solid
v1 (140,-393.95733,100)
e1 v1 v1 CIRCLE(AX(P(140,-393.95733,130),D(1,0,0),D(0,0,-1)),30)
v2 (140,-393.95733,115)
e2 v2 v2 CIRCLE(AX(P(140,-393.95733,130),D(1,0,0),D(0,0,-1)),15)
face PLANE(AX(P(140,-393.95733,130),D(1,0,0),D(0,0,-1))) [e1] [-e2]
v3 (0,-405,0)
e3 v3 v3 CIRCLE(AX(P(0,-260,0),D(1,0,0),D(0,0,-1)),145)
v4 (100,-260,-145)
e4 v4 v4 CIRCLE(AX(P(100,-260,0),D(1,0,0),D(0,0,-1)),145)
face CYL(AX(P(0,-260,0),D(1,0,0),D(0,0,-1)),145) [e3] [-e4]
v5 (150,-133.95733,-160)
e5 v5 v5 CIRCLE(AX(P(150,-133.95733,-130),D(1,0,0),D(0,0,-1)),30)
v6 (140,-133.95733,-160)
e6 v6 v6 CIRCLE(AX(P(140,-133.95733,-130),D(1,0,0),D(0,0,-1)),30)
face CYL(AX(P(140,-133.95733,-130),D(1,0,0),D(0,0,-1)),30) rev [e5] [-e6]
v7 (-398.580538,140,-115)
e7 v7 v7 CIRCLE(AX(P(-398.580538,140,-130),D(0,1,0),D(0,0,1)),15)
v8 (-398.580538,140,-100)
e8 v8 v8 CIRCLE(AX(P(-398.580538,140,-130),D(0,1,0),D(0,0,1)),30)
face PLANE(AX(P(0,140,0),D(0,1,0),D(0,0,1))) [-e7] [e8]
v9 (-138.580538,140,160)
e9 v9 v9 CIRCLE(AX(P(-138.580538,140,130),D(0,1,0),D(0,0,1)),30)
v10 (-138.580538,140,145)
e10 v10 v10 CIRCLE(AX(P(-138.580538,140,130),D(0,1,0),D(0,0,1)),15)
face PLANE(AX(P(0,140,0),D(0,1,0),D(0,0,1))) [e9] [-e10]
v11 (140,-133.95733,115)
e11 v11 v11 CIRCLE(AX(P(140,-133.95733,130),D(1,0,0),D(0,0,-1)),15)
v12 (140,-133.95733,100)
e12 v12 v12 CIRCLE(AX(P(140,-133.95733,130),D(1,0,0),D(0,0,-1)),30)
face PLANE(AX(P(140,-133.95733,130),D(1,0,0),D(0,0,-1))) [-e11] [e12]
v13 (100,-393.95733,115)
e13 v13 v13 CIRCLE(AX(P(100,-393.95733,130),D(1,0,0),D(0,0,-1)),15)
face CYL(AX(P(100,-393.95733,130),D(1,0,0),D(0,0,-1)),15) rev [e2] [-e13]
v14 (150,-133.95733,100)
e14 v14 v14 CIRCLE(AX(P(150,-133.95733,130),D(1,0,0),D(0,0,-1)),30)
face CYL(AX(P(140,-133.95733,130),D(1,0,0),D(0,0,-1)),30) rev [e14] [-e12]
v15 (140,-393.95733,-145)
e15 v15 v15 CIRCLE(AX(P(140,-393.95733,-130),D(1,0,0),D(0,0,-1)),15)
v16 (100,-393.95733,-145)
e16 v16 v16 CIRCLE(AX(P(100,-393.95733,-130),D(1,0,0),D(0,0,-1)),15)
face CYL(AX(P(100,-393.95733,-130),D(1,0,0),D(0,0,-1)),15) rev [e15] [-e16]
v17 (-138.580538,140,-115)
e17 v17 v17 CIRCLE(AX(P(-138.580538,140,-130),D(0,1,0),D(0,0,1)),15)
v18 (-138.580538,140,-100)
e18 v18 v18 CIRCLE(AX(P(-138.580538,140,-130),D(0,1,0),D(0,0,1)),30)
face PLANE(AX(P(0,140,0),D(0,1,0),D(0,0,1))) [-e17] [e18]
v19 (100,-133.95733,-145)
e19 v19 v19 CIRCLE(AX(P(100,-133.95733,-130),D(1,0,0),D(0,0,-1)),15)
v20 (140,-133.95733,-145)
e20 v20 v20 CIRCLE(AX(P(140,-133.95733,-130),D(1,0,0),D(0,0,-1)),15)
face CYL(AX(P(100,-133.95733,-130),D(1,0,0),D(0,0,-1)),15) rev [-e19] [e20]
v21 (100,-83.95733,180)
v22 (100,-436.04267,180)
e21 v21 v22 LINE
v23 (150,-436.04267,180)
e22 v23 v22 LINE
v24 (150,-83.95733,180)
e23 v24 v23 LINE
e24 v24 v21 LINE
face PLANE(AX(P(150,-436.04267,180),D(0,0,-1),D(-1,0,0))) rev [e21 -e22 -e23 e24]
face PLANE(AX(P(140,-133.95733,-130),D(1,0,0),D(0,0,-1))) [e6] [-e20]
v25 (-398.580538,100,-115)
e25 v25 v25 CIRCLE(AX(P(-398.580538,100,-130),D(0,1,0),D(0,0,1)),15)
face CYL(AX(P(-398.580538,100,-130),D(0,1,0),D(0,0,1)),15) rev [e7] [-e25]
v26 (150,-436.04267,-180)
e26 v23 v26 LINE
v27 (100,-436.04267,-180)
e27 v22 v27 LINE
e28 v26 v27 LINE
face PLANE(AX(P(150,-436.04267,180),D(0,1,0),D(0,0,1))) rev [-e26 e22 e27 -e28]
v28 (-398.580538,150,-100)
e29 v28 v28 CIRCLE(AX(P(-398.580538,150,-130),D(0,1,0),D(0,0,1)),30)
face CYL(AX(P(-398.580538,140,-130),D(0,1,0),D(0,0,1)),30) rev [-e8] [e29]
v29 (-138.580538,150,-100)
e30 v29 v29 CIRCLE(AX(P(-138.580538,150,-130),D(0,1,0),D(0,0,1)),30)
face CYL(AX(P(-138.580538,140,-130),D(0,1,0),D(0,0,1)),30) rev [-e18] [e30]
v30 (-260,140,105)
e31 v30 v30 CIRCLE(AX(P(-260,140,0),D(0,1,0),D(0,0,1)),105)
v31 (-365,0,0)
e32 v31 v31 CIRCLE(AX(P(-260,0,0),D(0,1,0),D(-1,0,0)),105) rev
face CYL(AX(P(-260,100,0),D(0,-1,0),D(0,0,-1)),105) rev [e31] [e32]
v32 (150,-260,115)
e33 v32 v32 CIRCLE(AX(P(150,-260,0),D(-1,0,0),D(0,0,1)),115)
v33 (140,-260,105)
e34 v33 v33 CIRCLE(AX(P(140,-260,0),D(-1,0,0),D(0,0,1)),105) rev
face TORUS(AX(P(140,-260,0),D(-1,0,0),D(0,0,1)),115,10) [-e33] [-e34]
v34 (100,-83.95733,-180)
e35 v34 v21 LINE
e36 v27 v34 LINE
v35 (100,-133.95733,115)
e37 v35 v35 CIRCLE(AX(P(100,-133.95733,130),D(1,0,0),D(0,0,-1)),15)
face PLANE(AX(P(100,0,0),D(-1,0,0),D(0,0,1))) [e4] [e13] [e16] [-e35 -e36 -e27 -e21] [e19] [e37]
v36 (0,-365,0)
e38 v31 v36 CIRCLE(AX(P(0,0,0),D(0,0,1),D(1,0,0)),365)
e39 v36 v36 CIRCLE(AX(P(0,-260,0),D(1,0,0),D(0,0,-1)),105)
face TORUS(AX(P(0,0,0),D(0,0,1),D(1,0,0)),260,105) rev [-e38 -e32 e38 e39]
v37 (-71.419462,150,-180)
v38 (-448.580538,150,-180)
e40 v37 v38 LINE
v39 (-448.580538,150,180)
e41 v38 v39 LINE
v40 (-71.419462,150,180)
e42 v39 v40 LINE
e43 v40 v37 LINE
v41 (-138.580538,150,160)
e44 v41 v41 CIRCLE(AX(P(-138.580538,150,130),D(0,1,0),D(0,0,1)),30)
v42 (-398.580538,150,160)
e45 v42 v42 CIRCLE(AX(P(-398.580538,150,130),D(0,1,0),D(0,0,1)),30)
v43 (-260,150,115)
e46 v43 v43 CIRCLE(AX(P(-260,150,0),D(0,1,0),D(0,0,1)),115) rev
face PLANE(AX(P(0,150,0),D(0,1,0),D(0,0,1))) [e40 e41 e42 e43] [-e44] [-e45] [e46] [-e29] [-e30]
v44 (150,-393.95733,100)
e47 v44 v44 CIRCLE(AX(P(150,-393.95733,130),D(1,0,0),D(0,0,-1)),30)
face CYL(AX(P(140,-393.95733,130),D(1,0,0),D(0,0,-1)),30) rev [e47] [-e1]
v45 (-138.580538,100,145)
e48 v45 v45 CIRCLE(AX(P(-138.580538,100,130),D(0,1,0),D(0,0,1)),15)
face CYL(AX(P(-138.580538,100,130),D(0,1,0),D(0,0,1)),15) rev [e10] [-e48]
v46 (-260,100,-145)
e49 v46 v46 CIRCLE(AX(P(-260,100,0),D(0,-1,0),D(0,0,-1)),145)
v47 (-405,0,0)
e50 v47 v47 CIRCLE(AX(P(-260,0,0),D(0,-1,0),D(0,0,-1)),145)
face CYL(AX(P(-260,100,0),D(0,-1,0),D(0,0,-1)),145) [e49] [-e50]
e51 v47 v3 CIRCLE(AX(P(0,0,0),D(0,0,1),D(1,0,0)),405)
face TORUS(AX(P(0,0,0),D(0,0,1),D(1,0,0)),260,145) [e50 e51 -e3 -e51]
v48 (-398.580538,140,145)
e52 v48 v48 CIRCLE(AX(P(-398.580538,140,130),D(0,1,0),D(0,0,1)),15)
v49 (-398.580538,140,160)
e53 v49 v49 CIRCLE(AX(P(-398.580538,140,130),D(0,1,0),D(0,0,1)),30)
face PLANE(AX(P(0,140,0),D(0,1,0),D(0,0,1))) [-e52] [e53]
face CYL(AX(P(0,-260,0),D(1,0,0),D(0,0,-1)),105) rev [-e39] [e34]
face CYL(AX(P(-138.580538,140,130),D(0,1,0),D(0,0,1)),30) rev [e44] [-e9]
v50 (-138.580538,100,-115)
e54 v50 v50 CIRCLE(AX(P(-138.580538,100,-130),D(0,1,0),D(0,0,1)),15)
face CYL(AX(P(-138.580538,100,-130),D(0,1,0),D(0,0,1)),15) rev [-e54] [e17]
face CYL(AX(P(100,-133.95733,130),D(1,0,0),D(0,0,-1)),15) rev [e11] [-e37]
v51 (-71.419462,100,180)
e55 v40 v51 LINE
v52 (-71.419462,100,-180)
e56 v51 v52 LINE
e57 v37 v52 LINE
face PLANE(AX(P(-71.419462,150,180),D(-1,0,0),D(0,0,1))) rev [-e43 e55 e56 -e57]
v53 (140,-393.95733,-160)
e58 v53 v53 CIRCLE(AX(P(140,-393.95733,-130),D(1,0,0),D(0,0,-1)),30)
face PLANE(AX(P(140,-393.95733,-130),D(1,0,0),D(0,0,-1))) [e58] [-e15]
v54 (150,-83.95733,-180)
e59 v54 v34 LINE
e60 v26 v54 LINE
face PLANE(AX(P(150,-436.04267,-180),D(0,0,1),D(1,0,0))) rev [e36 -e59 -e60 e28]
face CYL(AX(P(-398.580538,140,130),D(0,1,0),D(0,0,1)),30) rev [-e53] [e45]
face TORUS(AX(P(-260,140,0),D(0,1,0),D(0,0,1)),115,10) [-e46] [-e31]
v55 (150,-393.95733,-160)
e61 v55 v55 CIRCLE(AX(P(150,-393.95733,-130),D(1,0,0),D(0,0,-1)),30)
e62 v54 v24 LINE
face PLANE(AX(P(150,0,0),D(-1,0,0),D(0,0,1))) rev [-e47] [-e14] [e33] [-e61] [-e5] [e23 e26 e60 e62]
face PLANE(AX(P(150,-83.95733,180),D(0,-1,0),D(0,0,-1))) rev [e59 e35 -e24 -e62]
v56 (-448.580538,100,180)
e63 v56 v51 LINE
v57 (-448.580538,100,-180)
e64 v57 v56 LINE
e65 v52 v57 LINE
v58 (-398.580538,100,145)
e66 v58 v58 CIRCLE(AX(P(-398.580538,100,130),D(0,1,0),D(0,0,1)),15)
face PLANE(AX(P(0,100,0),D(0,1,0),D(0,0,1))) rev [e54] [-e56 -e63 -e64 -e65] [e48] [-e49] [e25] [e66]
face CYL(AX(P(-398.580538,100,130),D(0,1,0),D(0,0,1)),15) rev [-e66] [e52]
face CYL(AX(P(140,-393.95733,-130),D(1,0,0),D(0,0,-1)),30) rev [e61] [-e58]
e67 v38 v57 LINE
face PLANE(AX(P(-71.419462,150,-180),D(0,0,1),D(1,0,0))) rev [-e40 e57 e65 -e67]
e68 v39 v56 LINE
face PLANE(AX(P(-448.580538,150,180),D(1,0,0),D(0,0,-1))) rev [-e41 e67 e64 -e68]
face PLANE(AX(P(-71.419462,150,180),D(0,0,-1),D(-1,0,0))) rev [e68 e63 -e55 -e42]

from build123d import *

# Parameters (mm, degrees)
SKETCH9_R           = 145
SKETCH9_R_2         = 105
SKETCH10_W          = 360
SKETCH10_H          = 352.085339176
BOSS_EXTRUDE1_DEPTH = 50
SKETCH12_R          = 15
SKETCH12_R_2        = 105
CUT_EXTRUDE3_DEPTH  = 50
SKETCH12_3_R        = 30
CUT_EXTRUDE4_DEPTH  = 10
SKETCH19_W          = 377.161076004
SKETCH19_H          = 360
BOSS_EXTRUDE2_DEPTH = 50
SKETCH20_R          = 105
SKETCH20_R_2        = 15
CUT_EXTRUDE5_DEPTH  = 50
SKETCH20_3_R        = 30
SKETCH20_3_R_2      = 15
CUT_EXTRUDE6_DEPTH  = 10
FILLET1_R           = 10


with BuildPart() as part:
    # Sweep-Thin1: sweep along a path in Sketch1
    with BuildLine(Plane.XY) as sweep_thin1_path:
        Line((-260, 100), (-260, 0))
        ThreePointArc((-260, 0), (-183.847763109, -183.847763109), (0, -260))
        Line((0, -260), (100, -260))
    # Sketch9 → Sweep-Thin1 (sweep)
    with BuildSketch(Plane(origin=(100, 0, 0), x_dir=(0, 0, -1), z_dir=(1, 0, 0))):
        with Locations((0, -260)):
            Circle(SKETCH9_R)
        with Locations((0, -260)):
            Circle(SKETCH9_R_2, mode=Mode.SUBTRACT)
    sweep(path=sweep_thin1_path.line)

    # Sketch10 → Boss-Extrude1 (add)
    with BuildSketch(Plane(origin=(100, 0, 0), x_dir=(0, 0, -1), z_dir=(1, 0, 0))):
        with Locations((0, -260)):
            Rectangle(SKETCH10_W, SKETCH10_H)
    extrude(amount=BOSS_EXTRUDE1_DEPTH)

    # Sketch12 → Cut-Extrude3 (cut)
    with BuildSketch(Plane(origin=(150, 0, 0), x_dir=(0, 0, -1), z_dir=(1, 0, 0))):
        with Locations((-130, -133.957330412)):
            Circle(SKETCH12_R)
        with Locations((130, -133.957330412)):
            Circle(SKETCH12_R)
        with Locations((130, -393.957330412)):
            Circle(SKETCH12_R)
        with Locations((-130, -393.957330412)):
            Circle(SKETCH12_R)
        with Locations((0, -260)):
            Circle(SKETCH12_R_2)
    extrude(amount=-CUT_EXTRUDE3_DEPTH, mode=Mode.SUBTRACT)

    # Sketch12<3> → Cut-Extrude4 (cut)
    with BuildSketch(Plane(origin=(150, 0, 0), x_dir=(0, 0, -1), z_dir=(1, 0, 0))):
        with Locations((-130, -133.957330412)):
            Circle(SKETCH12_3_R)
        with Locations((130, -133.957330412)):
            Circle(SKETCH12_3_R)
        with Locations((130, -393.957330412)):
            Circle(SKETCH12_3_R)
        with Locations((-130, -393.957330412)):
            Circle(SKETCH12_3_R)
    extrude(amount=-CUT_EXTRUDE4_DEPTH, mode=Mode.SUBTRACT)

    # Sketch19 → Boss-Extrude2 (add)
    with BuildSketch(Plane(origin=(0, 100, 0), x_dir=(1, 0, 0), z_dir=(0, 1, 0))):
        with Locations((-260, 0)):
            Rectangle(SKETCH19_W, SKETCH19_H)
    extrude(amount=BOSS_EXTRUDE2_DEPTH)

    # Sketch20 → Cut-Extrude5 (cut)
    with BuildSketch(Plane(origin=(0, 150, 0), x_dir=(1, 0, 0), z_dir=(0, 1, 0))):
        with Locations(Location((-260, 0, 0), (0, 0, 180))):
            Circle(SKETCH20_R)
        with Locations(Location((-398.580538002, -130, 0), (0, 0, 270))):
            Circle(SKETCH20_R_2)
        with Locations(Location((-398.580538002, 130, 0), (0, 0, 270))):
            Circle(SKETCH20_R_2)
        with Locations(Location((-138.580538002, 130, 0), (0, 0, 270))):
            Circle(SKETCH20_R_2)
        with Locations(Location((-138.580538002, -130, 0), (0, 0, 270))):
            Circle(SKETCH20_R_2)
    extrude(amount=-CUT_EXTRUDE5_DEPTH, mode=Mode.SUBTRACT)

    # Sketch20<3> → Cut-Extrude6 (cut)
    with BuildSketch(Plane(origin=(0, 150, 0), x_dir=(1, 0, 0), z_dir=(0, 1, 0))):
        with Locations(Location((-138.580538002, -130, 0), (0, 0, 270))):
            Circle(SKETCH20_3_R)
        with Locations(Location((-138.580538002, -130, 0), (0, 0, 270))):
            Circle(SKETCH20_3_R_2, mode=Mode.SUBTRACT)
        with Locations(Location((-138.580538002, 130, 0), (0, 0, 270))):
            Circle(SKETCH20_3_R)
        with Locations(Location((-138.580538002, 130, 0), (0, 0, 270))):
            Circle(SKETCH20_3_R_2, mode=Mode.SUBTRACT)
        with Locations(Location((-398.580538002, 130, 0), (0, 0, 270))):
            Circle(SKETCH20_3_R)
        with Locations(Location((-398.580538002, 130, 0), (0, 0, 270))):
            Circle(SKETCH20_3_R_2, mode=Mode.SUBTRACT)
        with Locations(Location((-398.580538002, -130, 0), (0, 0, 270))):
            Circle(SKETCH20_3_R)
        with Locations(Location((-398.580538002, -130, 0), (0, 0, 270))):
            Circle(SKETCH20_3_R_2, mode=Mode.SUBTRACT)
    extrude(amount=-CUT_EXTRUDE6_DEPTH, mode=Mode.SUBTRACT)

    # Fillet1
    fillet1_edges = [part.edges().sort_by_distance(p)[0] for p in [
        (-155, 150, 0),
        (150, -260, 105),
    ]]
    fillet(fillet1_edges, radius=FILLET1_R)


solid = part.part
